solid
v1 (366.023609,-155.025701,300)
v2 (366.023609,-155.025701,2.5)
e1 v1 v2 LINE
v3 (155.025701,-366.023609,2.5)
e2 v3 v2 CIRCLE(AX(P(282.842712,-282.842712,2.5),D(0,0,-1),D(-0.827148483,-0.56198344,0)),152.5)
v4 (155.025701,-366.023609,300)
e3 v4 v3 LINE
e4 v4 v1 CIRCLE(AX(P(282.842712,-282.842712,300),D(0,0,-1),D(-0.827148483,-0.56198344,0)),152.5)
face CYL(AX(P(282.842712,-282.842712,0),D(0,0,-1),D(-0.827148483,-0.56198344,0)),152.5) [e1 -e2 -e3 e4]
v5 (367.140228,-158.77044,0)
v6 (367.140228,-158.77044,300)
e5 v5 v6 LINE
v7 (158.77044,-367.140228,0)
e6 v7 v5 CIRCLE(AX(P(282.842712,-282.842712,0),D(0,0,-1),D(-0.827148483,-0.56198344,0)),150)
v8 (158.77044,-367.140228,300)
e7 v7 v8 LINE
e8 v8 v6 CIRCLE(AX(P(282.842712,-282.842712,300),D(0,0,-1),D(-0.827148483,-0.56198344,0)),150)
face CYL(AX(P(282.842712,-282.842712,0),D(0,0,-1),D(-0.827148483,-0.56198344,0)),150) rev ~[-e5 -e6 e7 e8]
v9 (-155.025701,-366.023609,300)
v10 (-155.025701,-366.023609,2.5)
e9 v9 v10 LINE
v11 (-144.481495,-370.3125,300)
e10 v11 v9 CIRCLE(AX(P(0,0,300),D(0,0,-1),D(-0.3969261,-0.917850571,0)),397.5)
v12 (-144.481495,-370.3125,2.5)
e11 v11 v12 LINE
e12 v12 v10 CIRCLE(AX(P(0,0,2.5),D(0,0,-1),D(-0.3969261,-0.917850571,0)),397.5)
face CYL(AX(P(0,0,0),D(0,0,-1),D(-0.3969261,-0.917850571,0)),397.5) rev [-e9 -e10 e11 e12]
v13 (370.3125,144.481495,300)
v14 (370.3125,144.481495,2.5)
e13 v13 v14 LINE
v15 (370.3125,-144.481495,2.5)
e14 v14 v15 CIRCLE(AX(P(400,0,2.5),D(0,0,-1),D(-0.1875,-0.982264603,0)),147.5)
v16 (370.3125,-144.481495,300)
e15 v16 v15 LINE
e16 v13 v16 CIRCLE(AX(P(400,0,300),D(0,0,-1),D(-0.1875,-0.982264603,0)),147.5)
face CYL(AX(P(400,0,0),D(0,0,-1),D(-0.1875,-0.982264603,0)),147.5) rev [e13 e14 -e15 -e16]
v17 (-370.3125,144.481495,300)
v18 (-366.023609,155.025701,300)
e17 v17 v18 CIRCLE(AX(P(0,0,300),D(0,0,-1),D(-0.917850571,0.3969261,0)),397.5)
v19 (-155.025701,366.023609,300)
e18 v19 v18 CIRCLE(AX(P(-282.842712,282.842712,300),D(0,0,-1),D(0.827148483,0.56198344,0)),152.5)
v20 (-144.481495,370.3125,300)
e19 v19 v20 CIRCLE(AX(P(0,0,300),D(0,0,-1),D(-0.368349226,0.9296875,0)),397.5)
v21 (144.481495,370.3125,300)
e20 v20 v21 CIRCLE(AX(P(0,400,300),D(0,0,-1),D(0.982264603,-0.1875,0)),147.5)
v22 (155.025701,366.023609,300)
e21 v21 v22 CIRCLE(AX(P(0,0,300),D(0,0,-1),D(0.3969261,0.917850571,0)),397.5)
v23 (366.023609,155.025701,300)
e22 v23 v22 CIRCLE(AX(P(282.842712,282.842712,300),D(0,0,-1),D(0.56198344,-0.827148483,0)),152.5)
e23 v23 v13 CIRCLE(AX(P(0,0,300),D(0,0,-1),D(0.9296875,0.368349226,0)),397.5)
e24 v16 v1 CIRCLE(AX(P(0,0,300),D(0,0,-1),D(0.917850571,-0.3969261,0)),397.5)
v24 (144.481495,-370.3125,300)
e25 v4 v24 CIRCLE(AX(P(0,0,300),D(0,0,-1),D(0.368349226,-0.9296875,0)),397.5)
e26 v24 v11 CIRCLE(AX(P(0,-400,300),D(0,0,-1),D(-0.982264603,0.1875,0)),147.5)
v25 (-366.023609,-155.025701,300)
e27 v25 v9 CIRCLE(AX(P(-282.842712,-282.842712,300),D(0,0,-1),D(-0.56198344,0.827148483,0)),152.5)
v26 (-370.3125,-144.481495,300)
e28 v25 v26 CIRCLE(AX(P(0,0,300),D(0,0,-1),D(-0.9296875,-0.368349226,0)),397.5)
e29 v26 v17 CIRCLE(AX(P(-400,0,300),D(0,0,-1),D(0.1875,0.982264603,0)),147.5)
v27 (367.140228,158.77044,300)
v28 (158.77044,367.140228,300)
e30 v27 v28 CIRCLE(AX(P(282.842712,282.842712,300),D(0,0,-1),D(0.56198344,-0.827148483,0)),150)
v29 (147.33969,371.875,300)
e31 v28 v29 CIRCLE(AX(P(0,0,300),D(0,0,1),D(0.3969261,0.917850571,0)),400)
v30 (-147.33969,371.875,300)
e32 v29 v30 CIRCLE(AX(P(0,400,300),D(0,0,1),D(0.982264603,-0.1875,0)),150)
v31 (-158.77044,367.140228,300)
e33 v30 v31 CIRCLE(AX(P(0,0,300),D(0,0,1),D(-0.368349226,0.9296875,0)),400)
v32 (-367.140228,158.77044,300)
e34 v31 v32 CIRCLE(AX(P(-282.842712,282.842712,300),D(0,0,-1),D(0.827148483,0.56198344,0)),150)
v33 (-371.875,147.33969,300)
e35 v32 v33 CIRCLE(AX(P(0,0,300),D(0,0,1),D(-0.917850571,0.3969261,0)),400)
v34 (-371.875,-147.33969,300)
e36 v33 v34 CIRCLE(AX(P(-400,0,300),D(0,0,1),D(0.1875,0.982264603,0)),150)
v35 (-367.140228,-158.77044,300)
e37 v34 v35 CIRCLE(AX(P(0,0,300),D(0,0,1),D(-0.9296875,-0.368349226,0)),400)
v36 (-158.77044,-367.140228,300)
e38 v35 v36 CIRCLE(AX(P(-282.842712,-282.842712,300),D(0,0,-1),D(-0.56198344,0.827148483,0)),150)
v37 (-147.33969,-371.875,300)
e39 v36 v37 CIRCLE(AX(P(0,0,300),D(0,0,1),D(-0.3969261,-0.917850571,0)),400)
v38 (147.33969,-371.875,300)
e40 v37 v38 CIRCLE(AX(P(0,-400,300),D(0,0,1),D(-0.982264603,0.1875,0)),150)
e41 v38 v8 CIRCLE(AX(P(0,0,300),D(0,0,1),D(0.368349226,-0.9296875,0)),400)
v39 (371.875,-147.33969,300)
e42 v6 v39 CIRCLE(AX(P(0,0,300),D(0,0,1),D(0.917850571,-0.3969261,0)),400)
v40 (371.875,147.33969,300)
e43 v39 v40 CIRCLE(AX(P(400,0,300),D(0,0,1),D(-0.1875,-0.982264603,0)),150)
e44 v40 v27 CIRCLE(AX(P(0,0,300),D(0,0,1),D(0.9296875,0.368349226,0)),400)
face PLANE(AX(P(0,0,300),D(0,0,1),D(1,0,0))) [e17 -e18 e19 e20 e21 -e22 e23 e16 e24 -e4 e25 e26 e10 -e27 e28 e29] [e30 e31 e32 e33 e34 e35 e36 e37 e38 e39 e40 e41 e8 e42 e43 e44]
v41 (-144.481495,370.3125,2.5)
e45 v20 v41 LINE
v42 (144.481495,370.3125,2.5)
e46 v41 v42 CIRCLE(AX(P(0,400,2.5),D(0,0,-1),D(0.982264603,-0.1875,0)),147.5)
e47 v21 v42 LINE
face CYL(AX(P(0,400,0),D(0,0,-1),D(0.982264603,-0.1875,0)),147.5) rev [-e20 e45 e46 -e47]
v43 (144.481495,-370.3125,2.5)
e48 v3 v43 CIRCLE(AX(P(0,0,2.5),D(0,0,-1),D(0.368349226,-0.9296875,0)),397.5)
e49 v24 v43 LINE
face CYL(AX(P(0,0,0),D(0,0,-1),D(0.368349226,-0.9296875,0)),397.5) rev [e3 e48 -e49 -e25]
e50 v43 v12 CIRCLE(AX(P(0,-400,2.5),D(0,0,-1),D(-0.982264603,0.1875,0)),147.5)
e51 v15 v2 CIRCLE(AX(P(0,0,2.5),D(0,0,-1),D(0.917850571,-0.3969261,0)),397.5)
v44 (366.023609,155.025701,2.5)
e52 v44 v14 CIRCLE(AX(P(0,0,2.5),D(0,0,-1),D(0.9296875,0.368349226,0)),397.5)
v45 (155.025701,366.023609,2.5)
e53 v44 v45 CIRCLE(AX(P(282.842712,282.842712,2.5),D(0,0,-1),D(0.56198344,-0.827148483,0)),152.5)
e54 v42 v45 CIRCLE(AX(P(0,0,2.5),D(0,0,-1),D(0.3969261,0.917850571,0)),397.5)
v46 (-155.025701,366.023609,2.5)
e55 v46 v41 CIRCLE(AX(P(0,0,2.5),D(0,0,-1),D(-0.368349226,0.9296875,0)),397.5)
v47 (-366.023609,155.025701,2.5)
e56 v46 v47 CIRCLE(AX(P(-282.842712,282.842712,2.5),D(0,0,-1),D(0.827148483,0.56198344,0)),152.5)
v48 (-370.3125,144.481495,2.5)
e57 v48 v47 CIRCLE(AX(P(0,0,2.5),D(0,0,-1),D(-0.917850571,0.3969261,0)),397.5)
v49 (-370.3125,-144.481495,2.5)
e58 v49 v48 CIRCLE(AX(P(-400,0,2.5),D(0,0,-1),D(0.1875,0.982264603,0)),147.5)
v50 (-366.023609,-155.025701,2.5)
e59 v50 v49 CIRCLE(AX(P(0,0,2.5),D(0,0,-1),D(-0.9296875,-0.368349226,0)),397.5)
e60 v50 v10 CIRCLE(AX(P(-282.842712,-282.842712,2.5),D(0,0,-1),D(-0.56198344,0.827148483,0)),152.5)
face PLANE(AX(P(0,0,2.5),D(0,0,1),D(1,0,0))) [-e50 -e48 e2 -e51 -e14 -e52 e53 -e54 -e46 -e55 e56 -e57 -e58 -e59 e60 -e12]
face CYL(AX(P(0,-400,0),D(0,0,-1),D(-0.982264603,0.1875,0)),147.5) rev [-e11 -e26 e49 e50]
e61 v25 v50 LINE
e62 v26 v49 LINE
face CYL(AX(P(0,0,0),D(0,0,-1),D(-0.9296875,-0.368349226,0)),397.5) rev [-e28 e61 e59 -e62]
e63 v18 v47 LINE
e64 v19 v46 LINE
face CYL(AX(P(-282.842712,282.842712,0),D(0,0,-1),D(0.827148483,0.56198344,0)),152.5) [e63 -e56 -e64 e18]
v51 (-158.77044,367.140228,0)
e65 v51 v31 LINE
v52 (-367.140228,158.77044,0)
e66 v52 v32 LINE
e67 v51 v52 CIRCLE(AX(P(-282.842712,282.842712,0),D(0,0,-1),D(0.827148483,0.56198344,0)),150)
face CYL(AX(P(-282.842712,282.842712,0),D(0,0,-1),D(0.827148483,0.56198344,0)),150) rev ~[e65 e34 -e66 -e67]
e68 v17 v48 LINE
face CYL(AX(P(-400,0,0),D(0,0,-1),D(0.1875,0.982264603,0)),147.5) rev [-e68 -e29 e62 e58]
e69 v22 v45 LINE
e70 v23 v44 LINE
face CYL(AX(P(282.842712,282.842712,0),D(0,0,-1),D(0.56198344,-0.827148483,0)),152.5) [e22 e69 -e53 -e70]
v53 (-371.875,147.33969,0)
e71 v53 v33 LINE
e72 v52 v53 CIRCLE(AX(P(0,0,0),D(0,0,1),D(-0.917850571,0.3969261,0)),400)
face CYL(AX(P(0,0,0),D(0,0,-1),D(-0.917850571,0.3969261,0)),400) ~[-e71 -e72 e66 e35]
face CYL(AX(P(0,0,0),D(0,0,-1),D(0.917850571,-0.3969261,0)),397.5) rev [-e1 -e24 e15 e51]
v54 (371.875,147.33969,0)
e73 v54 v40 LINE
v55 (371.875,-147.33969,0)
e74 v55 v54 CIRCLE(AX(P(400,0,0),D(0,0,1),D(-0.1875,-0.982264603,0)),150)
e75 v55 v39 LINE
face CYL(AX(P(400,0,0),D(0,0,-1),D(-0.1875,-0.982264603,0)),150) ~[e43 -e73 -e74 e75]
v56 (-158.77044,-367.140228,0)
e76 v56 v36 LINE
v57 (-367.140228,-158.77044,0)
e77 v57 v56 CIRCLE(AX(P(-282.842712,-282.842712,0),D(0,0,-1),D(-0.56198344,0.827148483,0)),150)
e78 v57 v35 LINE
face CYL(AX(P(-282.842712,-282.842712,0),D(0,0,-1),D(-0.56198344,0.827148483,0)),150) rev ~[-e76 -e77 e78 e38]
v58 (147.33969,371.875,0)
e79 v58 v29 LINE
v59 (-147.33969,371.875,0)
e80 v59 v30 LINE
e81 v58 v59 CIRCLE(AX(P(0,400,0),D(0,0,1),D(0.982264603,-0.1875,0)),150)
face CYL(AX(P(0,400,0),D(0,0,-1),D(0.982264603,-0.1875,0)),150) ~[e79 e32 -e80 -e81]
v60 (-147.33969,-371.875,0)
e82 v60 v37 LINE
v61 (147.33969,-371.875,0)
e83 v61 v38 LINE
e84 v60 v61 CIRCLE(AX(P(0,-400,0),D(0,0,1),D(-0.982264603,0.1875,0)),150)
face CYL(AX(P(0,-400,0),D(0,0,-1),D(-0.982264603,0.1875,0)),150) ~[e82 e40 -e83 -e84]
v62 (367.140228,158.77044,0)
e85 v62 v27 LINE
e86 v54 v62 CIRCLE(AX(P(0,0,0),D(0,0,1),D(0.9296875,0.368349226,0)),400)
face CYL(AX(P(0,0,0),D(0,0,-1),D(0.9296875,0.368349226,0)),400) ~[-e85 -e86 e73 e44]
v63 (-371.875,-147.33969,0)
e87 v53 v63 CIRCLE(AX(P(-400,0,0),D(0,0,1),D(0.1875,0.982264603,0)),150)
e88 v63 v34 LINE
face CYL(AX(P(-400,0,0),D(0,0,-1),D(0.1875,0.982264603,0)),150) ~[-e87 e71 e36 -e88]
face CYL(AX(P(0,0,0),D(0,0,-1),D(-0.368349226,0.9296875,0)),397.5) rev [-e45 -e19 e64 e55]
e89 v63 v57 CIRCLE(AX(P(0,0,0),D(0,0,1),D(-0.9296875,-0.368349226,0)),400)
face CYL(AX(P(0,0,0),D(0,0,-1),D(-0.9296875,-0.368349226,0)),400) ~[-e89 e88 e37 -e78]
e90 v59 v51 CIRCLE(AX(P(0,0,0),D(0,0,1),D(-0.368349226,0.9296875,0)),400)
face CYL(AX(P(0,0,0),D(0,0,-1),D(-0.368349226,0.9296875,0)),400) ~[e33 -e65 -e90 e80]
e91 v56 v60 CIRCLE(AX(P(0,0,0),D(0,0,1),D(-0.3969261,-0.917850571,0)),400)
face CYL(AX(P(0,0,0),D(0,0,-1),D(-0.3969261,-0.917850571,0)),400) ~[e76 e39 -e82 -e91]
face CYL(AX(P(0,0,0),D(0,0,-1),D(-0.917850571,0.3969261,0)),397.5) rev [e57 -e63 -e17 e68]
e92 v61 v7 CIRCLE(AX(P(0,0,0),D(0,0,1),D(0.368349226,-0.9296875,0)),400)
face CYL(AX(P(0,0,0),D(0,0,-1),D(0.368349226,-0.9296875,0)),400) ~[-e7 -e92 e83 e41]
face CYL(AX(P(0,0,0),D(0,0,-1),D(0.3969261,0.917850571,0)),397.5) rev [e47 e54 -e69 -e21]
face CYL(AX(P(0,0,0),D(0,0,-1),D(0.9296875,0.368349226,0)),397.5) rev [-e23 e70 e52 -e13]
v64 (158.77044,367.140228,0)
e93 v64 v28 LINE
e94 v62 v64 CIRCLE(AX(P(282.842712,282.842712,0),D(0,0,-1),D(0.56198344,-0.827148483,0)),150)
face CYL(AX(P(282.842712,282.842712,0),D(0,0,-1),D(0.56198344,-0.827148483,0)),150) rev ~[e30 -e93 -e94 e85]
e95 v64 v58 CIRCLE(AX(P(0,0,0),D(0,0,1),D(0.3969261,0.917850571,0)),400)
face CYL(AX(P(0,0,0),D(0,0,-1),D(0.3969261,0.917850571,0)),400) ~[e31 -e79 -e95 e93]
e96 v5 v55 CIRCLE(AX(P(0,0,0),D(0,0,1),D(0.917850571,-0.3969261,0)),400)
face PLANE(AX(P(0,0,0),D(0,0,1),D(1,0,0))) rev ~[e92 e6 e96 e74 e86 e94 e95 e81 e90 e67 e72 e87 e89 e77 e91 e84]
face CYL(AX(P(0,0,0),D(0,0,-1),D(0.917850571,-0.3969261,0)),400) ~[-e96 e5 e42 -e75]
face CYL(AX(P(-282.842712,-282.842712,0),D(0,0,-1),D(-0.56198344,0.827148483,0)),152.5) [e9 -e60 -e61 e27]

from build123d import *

# Parameters (mm, degrees)
F1_DEPTH = 300
F2_T     = -2.5


with BuildPart() as f1:
    # F0 (on Top) → F1 (new body)
    with BuildSketch(Plane.XY):
        with BuildLine():
            ThreePointArc((-158.7704400152, 367.1402284923), (-176.7766952966, 176.7766952966), (-367.1402284923, 158.7704400152))
            ThreePointArc((-367.1402284923, 158.7704400152), (-369.5518130045, 153.073372946), (-371.875, 147.3396904266))
            ThreePointArc((-371.875, 147.3396904266), (-550, 0), (-371.875, -147.3396904266))
            ThreePointArc((-371.875, -147.3396904266), (-369.5518130045, -153.073372946), (-367.1402284923, -158.7704400152))
            ThreePointArc((-367.1402284923, -158.7704400152), (-176.7766952966, -176.7766952966), (-158.7704400152, -367.1402284923))
            ThreePointArc((-158.7704400152, -367.1402284923), (-153.073372946, -369.5518130045), (-147.3396904266, -371.875))
            ThreePointArc((-147.3396904266, -371.875), (0, -550), (147.3396904266, -371.875))
            ThreePointArc((147.3396904266, -371.875), (153.073372946, -369.5518130045), (158.7704400152, -367.1402284923))
            ThreePointArc((158.7704400152, -367.1402284923), (176.7766952966, -176.7766952966), (367.1402284923, -158.7704400152))
            ThreePointArc((367.1402284923, -158.7704400152), (369.5518130045, -153.073372946), (371.875, -147.3396904266))
            ThreePointArc((371.875, -147.3396904266), (550, 0), (371.875, 147.3396904266))
            ThreePointArc((371.875, 147.3396904266), (369.5518130045, 153.073372946), (367.1402284923, 158.7704400152))
            ThreePointArc((367.1402284923, 158.7704400152), (176.7766952966, 176.7766952966), (158.7704400152, 367.1402284923))
            ThreePointArc((158.7704400152, 367.1402284923), (153.073372946, 369.5518130045), (147.3396904266, 371.875))
            ThreePointArc((147.3396904266, 371.875), (0, 550), (-147.3396904266, 371.875))
            ThreePointArc((-147.3396904266, 371.875), (-153.073372946, 369.5518130045), (-158.7704400152, 367.1402284923))
        make_face()
    extrude(amount=F1_DEPTH)

    # F2
    f2_openings = [f1.faces().sort_by_distance(p)[0] for p in [
        (0, 0, 300),
    ]]
    offset(amount=F2_T, openings=f2_openings, kind=Kind.INTERSECTION)


solid = f1.part
